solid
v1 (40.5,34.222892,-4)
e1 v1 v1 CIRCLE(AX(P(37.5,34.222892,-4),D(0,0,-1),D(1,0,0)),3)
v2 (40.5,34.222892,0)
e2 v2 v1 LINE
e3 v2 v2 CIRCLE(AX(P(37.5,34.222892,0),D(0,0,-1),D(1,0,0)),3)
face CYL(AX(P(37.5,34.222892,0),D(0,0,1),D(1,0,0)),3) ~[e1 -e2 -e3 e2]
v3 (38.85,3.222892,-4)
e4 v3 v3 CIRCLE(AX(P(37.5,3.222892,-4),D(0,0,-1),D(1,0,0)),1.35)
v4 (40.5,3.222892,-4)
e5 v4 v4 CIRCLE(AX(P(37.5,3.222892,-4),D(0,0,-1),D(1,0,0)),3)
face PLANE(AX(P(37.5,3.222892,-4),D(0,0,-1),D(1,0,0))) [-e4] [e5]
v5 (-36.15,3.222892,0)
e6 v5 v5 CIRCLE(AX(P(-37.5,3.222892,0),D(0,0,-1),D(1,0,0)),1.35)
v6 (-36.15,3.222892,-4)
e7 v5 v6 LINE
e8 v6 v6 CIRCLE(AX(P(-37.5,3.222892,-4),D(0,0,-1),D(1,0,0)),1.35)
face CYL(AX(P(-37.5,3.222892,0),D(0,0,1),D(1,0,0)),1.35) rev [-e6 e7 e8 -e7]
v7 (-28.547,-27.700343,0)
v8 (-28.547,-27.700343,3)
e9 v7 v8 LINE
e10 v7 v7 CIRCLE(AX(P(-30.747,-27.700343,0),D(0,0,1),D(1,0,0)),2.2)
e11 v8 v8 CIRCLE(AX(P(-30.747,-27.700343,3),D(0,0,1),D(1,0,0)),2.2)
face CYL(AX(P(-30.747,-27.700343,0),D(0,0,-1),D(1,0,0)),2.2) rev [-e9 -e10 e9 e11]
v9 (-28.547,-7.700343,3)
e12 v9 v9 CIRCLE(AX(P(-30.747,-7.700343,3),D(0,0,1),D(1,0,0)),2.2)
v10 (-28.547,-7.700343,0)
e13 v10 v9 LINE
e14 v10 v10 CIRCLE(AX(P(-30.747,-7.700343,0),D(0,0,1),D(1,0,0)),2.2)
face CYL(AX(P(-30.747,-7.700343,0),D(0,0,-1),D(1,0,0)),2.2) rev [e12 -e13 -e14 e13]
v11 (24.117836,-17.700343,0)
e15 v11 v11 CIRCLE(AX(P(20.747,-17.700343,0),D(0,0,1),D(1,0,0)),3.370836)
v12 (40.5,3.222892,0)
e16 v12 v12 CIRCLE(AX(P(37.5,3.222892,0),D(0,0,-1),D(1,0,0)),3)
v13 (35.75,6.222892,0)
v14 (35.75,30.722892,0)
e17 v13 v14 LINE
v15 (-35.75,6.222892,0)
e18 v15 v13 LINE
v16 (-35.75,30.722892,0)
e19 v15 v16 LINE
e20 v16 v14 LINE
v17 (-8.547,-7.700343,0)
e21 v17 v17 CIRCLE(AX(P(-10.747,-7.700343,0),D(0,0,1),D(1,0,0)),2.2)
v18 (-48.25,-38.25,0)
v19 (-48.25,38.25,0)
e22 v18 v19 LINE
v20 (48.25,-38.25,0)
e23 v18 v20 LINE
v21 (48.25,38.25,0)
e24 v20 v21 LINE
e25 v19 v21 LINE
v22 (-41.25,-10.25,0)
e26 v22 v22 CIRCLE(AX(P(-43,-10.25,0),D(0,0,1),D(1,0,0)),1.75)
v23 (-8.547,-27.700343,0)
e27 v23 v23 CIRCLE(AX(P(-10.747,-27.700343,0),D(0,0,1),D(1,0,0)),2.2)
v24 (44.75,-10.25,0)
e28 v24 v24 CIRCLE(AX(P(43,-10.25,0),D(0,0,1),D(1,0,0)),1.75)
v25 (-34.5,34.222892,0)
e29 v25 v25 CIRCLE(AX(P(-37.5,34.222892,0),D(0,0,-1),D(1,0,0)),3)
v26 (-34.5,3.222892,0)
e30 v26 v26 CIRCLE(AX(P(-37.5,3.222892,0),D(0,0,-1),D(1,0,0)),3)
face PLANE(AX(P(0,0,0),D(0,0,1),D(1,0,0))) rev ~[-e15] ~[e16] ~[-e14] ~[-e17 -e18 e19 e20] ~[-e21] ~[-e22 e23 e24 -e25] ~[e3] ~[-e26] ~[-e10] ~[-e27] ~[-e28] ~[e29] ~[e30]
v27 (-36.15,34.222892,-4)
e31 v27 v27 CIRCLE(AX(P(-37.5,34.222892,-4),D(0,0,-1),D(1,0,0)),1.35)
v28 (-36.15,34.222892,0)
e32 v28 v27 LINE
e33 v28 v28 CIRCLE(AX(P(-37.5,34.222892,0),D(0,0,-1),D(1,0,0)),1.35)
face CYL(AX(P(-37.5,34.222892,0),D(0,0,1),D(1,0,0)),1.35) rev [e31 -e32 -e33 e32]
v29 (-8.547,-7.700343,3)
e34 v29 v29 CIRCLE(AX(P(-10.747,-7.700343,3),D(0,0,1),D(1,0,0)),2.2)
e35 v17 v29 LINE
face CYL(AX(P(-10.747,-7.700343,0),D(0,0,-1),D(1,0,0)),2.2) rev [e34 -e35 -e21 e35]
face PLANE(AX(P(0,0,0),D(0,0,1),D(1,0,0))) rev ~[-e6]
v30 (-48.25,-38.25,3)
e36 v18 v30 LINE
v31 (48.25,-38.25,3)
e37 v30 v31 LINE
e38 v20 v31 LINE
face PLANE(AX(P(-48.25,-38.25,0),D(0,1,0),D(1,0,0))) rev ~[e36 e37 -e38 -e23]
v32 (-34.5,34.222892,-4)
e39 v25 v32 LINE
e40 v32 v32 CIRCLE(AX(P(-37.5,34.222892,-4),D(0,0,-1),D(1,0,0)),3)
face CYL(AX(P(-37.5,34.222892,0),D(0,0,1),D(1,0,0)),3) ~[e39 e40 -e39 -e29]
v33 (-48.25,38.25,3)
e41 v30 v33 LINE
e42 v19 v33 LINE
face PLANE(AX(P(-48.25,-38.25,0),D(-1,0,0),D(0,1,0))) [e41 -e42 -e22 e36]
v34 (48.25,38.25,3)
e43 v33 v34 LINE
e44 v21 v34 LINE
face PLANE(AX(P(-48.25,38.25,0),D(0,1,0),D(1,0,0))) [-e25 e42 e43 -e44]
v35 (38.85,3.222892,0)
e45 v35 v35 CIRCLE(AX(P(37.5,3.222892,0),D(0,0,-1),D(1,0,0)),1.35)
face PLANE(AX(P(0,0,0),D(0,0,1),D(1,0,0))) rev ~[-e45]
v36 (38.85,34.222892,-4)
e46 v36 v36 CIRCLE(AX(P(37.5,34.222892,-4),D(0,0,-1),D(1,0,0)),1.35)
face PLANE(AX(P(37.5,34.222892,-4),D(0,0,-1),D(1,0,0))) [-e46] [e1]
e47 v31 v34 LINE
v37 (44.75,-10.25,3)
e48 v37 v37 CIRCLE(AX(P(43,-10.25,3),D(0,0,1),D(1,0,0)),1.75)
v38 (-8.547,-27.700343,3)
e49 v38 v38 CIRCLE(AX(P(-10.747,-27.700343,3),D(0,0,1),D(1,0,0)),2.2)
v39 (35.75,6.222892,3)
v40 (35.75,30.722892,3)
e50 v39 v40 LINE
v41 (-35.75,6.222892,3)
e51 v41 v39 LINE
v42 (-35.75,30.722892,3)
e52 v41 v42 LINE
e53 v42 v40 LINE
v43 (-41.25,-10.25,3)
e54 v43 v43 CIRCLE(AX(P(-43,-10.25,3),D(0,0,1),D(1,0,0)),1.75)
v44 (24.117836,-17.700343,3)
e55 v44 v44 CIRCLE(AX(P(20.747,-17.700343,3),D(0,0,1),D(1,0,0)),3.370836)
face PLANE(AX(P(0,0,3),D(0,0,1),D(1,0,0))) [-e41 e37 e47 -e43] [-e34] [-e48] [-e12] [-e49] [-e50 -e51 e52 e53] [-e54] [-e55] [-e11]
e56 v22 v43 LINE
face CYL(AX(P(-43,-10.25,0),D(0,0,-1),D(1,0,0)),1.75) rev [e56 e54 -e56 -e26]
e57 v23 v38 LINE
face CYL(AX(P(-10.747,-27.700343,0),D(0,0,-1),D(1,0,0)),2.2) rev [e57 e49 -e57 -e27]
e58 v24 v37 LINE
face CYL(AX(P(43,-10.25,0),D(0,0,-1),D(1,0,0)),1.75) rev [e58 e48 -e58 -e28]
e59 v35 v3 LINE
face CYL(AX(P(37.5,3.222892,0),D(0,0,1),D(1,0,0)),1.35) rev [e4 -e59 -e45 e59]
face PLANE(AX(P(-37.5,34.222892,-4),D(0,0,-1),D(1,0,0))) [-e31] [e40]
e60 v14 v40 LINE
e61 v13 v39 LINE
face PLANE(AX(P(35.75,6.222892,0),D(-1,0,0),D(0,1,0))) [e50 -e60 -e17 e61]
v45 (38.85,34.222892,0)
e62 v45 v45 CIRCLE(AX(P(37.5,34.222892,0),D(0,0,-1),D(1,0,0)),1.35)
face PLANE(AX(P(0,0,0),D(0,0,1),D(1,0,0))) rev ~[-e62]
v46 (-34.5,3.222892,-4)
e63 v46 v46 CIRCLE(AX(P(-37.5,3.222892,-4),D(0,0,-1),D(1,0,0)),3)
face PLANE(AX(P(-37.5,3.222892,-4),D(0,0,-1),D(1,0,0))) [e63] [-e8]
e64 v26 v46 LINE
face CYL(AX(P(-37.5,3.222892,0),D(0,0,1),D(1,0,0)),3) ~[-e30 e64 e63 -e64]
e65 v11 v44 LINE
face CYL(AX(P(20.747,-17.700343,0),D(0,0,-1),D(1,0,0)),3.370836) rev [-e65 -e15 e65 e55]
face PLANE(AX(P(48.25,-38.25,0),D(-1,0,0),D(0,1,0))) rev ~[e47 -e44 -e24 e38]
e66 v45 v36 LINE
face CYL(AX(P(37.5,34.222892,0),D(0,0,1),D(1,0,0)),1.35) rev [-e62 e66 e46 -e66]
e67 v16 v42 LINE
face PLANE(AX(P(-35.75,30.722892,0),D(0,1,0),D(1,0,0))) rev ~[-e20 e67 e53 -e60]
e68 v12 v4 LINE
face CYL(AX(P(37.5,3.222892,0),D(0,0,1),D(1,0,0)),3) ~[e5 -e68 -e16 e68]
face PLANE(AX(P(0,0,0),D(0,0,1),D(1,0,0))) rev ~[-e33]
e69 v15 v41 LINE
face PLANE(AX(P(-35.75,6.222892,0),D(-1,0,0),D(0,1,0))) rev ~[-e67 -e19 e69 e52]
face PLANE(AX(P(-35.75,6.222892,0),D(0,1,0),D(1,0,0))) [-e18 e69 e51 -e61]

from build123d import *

# Parameters (mm, degrees)
SKETCH_W      = 96.5
SKETCH_H      = 76.5
SKETCH_R      = 1.75
SKETCH_R_2    = 2.2
SKETCH_R_3    = 3.370836
SKETCH_W_2    = 71.5
SKETCH_H_2    = 24.5
PAD_DEPTH     = 3
SKETCH001_R   = 3
SKETCH001_R_2 = 1.35
PAD001_DEPTH  = 4


with BuildPart() as part:
    # Sketch → Pad (new body)
    with BuildSketch(Plane.XY):
        Rectangle(SKETCH_W, SKETCH_H)
        with Locations((-43, -10.25)):
            Circle(SKETCH_R, mode=Mode.SUBTRACT)
        with Locations((43, -10.25)):
            Circle(SKETCH_R, mode=Mode.SUBTRACT)
        with Locations((-30.747, -7.700343)):
            Circle(SKETCH_R_2, mode=Mode.SUBTRACT)
        with Locations((-10.747, -7.700343)):
            Circle(SKETCH_R_2, mode=Mode.SUBTRACT)
        with Locations((-30.747, -27.700343)):
            Circle(SKETCH_R_2, mode=Mode.SUBTRACT)
        with Locations((-10.747, -27.700343)):
            Circle(SKETCH_R_2, mode=Mode.SUBTRACT)
        with Locations((20.747, -17.700343)):
            Circle(SKETCH_R_3, mode=Mode.SUBTRACT)
        with Locations((0, 18.472892)):
            Rectangle(SKETCH_W_2, SKETCH_H_2, mode=Mode.SUBTRACT)
    extrude(amount=PAD_DEPTH)

    # Sketch001 (on Face16 of Pad) → Pad001 (join)
    with BuildSketch(Plane(origin=(0, 0, 0), x_dir=(1, 0, 0), z_dir=(0, 0, -1))):
        with Locations((-37.5, -3.222892)):
            Circle(SKETCH001_R)
        with Locations((-37.5, -3.222892)):
            Circle(SKETCH001_R_2, mode=Mode.SUBTRACT)
        with Locations((37.5, -3.222892)):
            Circle(SKETCH001_R)
        with Locations((37.5, -3.222892)):
            Circle(SKETCH001_R_2, mode=Mode.SUBTRACT)
        with Locations((37.5, -34.222892)):
            Circle(SKETCH001_R)
        with Locations((37.5, -34.222892)):
            Circle(SKETCH001_R_2, mode=Mode.SUBTRACT)
        with Locations((-37.5, -34.222892)):
            Circle(SKETCH001_R)
        with Locations((-37.5, -34.222892)):
            Circle(SKETCH001_R_2, mode=Mode.SUBTRACT)
    extrude(amount=PAD001_DEPTH)


solid = part.part
